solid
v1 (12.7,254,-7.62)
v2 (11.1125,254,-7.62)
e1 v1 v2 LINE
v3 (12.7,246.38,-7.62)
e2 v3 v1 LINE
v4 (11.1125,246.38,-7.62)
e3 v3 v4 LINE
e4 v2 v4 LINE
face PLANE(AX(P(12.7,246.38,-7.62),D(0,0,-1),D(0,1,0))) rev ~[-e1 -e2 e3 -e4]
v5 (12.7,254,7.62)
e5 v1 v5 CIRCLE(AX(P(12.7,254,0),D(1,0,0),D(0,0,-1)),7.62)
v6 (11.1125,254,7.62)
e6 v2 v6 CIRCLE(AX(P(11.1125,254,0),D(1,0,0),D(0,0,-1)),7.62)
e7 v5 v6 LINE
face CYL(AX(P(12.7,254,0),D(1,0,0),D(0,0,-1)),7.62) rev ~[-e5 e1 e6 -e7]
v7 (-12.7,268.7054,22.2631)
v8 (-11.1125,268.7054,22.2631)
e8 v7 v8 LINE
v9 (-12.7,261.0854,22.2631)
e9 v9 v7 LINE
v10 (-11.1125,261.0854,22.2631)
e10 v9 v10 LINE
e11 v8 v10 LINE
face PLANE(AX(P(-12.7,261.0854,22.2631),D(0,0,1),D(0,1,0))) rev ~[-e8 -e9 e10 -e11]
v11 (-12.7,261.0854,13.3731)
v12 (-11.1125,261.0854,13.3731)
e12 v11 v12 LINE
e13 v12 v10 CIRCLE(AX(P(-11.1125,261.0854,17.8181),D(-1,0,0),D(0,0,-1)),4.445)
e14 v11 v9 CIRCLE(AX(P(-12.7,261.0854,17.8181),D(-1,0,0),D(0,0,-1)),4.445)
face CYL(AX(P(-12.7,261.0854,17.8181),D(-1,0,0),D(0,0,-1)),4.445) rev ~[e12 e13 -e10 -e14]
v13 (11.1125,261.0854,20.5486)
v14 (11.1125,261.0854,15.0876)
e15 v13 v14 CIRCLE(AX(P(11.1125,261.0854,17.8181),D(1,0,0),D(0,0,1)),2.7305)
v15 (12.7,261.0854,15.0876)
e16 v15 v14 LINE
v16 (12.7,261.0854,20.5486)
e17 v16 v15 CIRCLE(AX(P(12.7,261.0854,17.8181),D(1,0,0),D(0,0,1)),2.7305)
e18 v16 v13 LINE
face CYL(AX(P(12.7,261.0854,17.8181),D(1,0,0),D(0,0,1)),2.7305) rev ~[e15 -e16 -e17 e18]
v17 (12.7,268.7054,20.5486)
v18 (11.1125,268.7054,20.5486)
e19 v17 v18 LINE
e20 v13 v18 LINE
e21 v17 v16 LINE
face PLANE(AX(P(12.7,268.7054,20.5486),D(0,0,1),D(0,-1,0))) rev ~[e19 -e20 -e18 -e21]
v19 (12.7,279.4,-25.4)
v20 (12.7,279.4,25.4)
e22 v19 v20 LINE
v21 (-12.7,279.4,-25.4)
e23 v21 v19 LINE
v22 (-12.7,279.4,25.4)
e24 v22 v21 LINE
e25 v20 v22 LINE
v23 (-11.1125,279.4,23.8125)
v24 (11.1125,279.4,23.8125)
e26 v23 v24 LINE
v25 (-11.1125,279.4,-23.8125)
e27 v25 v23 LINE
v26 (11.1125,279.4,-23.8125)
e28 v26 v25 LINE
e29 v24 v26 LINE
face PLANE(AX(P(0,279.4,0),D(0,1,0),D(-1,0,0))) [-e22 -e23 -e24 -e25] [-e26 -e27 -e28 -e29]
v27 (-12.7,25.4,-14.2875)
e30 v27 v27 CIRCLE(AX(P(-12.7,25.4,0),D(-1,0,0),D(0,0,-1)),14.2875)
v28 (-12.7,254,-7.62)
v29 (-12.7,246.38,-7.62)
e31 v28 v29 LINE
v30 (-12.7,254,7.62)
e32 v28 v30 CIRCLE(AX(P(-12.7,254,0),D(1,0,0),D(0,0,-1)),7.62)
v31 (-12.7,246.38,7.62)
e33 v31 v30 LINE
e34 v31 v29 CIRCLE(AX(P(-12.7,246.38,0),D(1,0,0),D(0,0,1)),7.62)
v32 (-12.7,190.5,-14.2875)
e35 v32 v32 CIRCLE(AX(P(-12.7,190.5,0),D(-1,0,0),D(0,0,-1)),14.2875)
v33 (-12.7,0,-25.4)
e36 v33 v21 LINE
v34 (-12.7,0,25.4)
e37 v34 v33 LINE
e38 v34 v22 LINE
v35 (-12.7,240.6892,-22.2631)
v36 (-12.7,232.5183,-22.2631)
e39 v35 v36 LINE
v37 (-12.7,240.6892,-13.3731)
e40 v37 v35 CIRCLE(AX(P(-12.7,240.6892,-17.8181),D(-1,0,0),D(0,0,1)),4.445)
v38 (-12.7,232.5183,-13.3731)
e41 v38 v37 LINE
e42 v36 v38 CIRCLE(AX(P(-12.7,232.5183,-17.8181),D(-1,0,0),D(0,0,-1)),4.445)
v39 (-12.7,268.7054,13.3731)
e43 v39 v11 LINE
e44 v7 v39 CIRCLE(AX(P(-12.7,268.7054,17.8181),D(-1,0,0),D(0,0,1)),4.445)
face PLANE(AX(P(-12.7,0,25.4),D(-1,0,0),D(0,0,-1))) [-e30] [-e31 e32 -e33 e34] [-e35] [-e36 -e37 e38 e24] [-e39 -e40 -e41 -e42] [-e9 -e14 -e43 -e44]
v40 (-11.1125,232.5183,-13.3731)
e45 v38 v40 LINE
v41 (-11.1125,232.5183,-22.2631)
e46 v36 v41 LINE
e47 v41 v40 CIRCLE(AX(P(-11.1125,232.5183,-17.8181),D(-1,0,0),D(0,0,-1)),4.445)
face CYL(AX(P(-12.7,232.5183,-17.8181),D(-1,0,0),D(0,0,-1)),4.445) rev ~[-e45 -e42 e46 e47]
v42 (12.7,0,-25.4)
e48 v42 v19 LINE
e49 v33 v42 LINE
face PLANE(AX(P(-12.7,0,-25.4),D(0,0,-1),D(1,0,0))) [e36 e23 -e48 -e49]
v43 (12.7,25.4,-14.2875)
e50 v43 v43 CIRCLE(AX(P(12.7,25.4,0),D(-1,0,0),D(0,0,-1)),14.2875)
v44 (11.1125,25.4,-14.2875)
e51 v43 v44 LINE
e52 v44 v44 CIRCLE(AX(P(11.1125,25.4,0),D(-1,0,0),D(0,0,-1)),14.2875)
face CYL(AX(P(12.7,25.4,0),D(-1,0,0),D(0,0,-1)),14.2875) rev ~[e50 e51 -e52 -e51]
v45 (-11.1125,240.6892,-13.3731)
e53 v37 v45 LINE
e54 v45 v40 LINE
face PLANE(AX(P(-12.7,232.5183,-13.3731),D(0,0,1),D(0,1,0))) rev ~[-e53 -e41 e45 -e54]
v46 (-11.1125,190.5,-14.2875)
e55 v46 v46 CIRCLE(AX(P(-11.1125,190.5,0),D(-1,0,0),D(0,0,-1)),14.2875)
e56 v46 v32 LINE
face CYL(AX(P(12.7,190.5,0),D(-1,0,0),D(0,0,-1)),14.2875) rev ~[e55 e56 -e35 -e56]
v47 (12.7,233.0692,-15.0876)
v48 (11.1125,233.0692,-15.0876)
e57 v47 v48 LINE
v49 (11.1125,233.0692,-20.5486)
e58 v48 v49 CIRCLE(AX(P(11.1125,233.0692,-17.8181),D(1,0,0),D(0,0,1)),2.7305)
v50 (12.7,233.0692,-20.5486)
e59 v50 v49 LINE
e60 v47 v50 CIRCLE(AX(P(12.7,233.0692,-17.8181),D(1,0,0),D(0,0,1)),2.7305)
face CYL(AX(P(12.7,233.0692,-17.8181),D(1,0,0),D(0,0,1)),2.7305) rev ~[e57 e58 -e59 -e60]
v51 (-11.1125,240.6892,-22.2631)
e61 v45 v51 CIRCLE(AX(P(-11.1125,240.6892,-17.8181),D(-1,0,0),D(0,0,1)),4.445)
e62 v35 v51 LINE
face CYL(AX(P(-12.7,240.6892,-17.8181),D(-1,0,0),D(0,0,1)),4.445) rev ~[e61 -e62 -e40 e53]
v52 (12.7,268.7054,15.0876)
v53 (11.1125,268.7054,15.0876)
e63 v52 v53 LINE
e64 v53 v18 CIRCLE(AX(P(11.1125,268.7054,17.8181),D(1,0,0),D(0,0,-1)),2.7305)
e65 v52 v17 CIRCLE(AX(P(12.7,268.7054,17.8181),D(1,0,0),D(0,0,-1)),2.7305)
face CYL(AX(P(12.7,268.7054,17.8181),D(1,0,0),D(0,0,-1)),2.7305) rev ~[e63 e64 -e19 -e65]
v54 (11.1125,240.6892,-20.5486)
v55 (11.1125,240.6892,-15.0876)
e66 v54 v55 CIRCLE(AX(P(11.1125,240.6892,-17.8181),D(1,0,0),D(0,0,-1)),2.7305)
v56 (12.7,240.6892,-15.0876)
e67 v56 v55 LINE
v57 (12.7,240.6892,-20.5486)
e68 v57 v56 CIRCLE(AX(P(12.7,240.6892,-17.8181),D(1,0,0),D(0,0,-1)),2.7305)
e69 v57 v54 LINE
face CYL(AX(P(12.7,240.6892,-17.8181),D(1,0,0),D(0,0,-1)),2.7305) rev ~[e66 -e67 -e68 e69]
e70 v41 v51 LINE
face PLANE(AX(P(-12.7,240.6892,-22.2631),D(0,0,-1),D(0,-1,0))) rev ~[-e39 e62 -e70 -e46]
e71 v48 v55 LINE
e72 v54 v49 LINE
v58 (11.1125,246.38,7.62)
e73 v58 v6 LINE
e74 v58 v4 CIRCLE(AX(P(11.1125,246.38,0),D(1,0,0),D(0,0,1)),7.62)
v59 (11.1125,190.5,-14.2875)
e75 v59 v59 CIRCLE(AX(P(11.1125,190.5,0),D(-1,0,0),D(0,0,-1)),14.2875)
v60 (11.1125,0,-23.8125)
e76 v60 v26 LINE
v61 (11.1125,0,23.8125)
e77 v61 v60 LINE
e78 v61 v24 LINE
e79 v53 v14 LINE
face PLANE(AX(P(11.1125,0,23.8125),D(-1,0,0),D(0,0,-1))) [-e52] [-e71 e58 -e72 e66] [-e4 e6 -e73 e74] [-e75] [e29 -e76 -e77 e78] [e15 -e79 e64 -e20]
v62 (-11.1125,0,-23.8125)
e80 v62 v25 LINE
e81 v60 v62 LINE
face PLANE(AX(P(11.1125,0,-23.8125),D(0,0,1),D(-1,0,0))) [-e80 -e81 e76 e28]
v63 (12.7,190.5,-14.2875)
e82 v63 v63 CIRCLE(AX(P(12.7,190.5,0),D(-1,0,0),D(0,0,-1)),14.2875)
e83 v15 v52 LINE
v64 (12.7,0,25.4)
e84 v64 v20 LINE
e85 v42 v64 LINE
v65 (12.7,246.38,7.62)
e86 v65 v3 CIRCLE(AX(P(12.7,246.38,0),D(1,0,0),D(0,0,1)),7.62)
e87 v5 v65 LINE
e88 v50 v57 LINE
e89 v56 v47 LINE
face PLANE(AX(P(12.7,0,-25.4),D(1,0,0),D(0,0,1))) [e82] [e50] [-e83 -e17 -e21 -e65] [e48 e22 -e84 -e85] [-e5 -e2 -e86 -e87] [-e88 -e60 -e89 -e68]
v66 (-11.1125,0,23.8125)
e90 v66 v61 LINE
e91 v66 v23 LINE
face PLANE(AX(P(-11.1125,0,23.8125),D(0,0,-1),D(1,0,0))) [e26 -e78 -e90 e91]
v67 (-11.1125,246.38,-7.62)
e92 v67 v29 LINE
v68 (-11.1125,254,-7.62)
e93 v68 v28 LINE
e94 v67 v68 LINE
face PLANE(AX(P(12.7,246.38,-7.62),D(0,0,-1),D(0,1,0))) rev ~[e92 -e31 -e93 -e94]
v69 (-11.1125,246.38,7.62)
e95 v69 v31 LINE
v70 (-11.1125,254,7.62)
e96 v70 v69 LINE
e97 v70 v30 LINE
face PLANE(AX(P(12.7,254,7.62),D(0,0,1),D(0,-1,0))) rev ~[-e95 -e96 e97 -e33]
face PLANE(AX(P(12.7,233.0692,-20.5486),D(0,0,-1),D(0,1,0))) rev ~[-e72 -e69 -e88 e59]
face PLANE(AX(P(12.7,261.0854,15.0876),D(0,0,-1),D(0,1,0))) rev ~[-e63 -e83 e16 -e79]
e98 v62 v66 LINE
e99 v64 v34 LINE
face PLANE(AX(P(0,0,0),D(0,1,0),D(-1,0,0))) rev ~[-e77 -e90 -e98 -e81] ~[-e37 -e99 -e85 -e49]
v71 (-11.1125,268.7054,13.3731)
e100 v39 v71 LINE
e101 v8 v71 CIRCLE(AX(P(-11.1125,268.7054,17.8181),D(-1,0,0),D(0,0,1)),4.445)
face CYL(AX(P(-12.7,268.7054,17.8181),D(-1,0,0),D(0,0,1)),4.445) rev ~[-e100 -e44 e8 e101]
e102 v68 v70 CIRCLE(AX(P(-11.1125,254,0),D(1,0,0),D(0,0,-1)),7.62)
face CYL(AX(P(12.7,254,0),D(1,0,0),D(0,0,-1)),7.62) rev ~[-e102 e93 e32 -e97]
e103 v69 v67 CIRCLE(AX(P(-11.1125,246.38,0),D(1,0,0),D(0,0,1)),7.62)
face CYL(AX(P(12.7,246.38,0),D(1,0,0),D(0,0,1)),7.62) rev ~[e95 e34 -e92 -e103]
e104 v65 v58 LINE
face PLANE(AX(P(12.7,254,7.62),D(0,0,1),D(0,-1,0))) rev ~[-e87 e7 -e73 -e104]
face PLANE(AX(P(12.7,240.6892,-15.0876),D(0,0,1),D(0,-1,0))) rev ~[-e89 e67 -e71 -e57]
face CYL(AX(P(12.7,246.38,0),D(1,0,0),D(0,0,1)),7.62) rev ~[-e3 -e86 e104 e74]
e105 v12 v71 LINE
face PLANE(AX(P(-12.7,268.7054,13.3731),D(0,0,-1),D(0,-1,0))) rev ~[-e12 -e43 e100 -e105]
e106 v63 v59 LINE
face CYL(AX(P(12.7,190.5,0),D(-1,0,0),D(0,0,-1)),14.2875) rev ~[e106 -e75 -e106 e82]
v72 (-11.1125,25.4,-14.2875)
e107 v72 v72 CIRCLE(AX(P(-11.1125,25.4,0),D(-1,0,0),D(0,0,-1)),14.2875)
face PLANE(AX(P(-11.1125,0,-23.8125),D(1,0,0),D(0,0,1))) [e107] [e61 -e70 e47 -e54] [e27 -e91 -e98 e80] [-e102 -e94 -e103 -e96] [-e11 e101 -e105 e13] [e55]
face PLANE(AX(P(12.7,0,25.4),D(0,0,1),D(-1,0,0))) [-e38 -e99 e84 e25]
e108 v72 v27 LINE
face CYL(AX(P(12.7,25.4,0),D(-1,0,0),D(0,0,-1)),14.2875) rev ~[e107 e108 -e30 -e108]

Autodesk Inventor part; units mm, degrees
ref_plane "YZ Plane" through (0, 0, 0) normal (1, 0, 0) x (0, 1, 0)
ref_plane "XZ Plane" through (0, 0, 0) normal (0, 1, 0) x (-1, 0, 0)
ref_plane "XY Plane" through (0, 0, 0) normal (0, 0, 1) x (1, 0, 0)
sketch "Sketch1" plane through (0, 0, 0) normal (0, 1, 0) x (-1, 0, 0)
  line L0 (-12.7, 25.4) -> (12.7, 25.4)
  line L1 (12.7, 25.4) -> (12.7, -25.4)
  line L2 (12.7, -25.4) -> (-12.7, -25.4)
  line L3 (-12.7, -25.4) -> (-12.7, 25.4)
  line L4 (-12.7, 25.4) -> (12.7, -25.4) construction
  line L5 (12.7, 25.4) -> (-12.7, -25.4) construction
  line L6 (11.1125, 23.8125) -> (-11.1125, 23.8125)
  line L7 (-11.1125, 23.8125) -> (-11.1125, -23.8125)
  line L8 (-11.1125, -23.8125) -> (11.1125, -23.8125)
  line L9 (11.1125, -23.8125) -> (11.1125, 23.8125)
  line L10 (11.1125, 23.8125) -> (-11.1125, -23.8125) construction
  line L11 (-11.1125, 23.8125) -> (11.1125, -23.8125) construction
  point P0 (0, 0)
  dimension "d0" = 25.4
  dimension "d1" = 50.8
  dimension "d2" = 22.225
  dimension "d3" = 47.625
extrude "Extrusion1" add sketch "Sketch1" along normal blind 279.4
sketch "Sketch2" plane through (12.7, 0, 25.4) normal (1, 0, 0) x (0, 0, -1)
  line L0 (0, 279.4) -> (50.8, 279.4) projected
  line L1 (0, 0) -> (0, 279.4) projected
  point P0 (25.4, 0)
  point P1 (25.4, 190.5)
  dimension "d21" = 25.4
  dimension "d24" = 190.5
hole "Hole1" at (12.7, 190.5, 0) direction (-1, 0, 0) diameter 28.575 end through all
sketch "Sketch3" plane through (12.7, 0, 25.4) normal (1, 0, 0) x (0, 0, -1)
  line L0 (50.8, 0) -> (50.8, 279.4) projected
  line L1 (0, 0) -> (50.8, 0) projected
  point P0 (25.4, 0)
  point P1 (25.4, 25.4)
  dimension "d22" = 25.4
  dimension "d23" = 25.4
hole "Hole2" at (12.7, 25.4, 0) direction (-1, 0, 0) diameter 28.575 end through all
sketch "Sketch5" plane through (12.7, 0, 25.4) normal (1, 0, 0) x (0, 0, -1)
  line L0 (25.4, 254) -> (25.4, 246.38) construction
  line L1 (17.78, 254) -> (17.78, 246.38)
  line L2 (33.02, 246.38) -> (33.02, 254)
  arc A0 (33.02, 254) -> (17.78, 254) centre (25.4, 254) ccw
  arc A1 (17.78, 246.38) -> (33.02, 246.38) centre (25.4, 246.38) ccw
  line L3 (0, 279.4) -> (50.8, 279.4) projected
  point P0 (25.4, 0)
  point P1 (25.4, 250.19)
  dimension "d34" = 7.62
  dimension "d35" = 15.24
  dimension "d36" = 25.4
extrude "Extrusion2" cut sketch "Sketch5" against normal through all
sketch "Sketch6" plane through (12.7, 0, 25.4) normal (1, 0, 0) x (0, 0, -1)
  line L0 (7.5819, 268.7054) -> (43.2181, 268.7054) construction
  line L1 (43.2181, 268.7054) -> (43.2181, 233.0692) construction
  line L2 (43.2181, 233.0692) -> (7.5819, 233.0692) construction
  line L3 (7.5819, 233.0692) -> (7.5819, 268.7054) construction
  line L4 (7.5819, 268.7054) -> (43.2181, 233.0692) construction
  line L5 (43.2181, 268.7054) -> (7.5819, 233.0692) construction
  line L6 (7.5819, 268.7054) -> (7.5819, 261.0854) construction
  line L7 (4.8514, 268.7054) -> (4.8514, 261.0854)
  line L8 (10.3124, 261.0854) -> (10.3124, 268.7054)
  arc A0 (10.3124, 268.7054) -> (4.8514, 268.7054) centre (7.5819, 268.7054) ccw
  arc A1 (4.8514, 261.0854) -> (10.3124, 261.0854) centre (7.5819, 261.0854) ccw
  line L9 (43.2181, 233.0692) -> (43.2181, 240.6892) construction
  line L10 (45.9486, 233.0692) -> (45.9486, 240.6892)
  line L11 (40.4876, 240.6892) -> (40.4876, 233.0692)
  arc A2 (40.4876, 233.0692) -> (45.9486, 233.0692) centre (43.2181, 233.0692) ccw
  arc A3 (45.9486, 240.6892) -> (40.4876, 240.6892) centre (43.2181, 240.6892) ccw
  point P0 (25.4, 0)
  point P1 (25.4, 250.8873)
  point P2 (7.5819, 264.8954)
  point P3 (43.2181, 236.8792)
  dimension "d39" = 35.6362
  dimension "d40" = 35.6362
  dimension "d46" = 7.62
  dimension "d47" = 5.461
  dimension "d48" = 7.62
  dimension "d49" = 5.461
extrude "Extrusion3" cut sketch "Sketch6" against normal through all
sketch "Sketch7" plane through (-12.7, 0, -25.4) normal (-1, 0, 0) x (0, 0, 1)
  arc A0 (10.3124, 240.6892) -> (4.8514, 240.6892) centre (7.5819, 240.6892) ccw projected
  line L0 (7.5819, 240.6892) -> (7.5819, 232.5183) construction
  line L1 (3.1369, 240.6892) -> (3.1369, 232.5183)
  line L2 (12.0269, 232.5183) -> (12.0269, 240.6892)
  arc A1 (12.0269, 240.6892) -> (3.1369, 240.6892) centre (7.5819, 240.6892) ccw
  arc A2 (3.1369, 232.5183) -> (12.0269, 232.5183) centre (7.5819, 232.5183) ccw
  arc A3 (45.9486, 268.7054) -> (40.4876, 268.7054) centre (43.2181, 268.7054) ccw projected
  arc A4 (40.4876, 261.0854) -> (45.9486, 261.0854) centre (43.2181, 261.0854) ccw projected
  line L3 (43.2181, 268.7054) -> (43.2181, 261.0854) construction
  line L4 (38.7731, 268.7054) -> (38.7731, 261.0854)
  line L5 (47.6631, 261.0854) -> (47.6631, 268.7054)
  arc A5 (47.6631, 268.7054) -> (38.7731, 268.7054) centre (43.2181, 268.7054) ccw
  arc A6 (38.7731, 261.0854) -> (47.6631, 261.0854) centre (43.2181, 261.0854) ccw
  point P0 (25.4, 0)
  point P1 (7.5819, 236.6038)
  point P2 (43.2181, 264.8954)
  dimension "d50" = 8.89
  dimension "d51" = 8.89
extrude "Extrusion4" cut sketch "Sketch7" against normal blind 12.7
properties part number "2x1 Front with motor mount" material "Aluminum 6061"
